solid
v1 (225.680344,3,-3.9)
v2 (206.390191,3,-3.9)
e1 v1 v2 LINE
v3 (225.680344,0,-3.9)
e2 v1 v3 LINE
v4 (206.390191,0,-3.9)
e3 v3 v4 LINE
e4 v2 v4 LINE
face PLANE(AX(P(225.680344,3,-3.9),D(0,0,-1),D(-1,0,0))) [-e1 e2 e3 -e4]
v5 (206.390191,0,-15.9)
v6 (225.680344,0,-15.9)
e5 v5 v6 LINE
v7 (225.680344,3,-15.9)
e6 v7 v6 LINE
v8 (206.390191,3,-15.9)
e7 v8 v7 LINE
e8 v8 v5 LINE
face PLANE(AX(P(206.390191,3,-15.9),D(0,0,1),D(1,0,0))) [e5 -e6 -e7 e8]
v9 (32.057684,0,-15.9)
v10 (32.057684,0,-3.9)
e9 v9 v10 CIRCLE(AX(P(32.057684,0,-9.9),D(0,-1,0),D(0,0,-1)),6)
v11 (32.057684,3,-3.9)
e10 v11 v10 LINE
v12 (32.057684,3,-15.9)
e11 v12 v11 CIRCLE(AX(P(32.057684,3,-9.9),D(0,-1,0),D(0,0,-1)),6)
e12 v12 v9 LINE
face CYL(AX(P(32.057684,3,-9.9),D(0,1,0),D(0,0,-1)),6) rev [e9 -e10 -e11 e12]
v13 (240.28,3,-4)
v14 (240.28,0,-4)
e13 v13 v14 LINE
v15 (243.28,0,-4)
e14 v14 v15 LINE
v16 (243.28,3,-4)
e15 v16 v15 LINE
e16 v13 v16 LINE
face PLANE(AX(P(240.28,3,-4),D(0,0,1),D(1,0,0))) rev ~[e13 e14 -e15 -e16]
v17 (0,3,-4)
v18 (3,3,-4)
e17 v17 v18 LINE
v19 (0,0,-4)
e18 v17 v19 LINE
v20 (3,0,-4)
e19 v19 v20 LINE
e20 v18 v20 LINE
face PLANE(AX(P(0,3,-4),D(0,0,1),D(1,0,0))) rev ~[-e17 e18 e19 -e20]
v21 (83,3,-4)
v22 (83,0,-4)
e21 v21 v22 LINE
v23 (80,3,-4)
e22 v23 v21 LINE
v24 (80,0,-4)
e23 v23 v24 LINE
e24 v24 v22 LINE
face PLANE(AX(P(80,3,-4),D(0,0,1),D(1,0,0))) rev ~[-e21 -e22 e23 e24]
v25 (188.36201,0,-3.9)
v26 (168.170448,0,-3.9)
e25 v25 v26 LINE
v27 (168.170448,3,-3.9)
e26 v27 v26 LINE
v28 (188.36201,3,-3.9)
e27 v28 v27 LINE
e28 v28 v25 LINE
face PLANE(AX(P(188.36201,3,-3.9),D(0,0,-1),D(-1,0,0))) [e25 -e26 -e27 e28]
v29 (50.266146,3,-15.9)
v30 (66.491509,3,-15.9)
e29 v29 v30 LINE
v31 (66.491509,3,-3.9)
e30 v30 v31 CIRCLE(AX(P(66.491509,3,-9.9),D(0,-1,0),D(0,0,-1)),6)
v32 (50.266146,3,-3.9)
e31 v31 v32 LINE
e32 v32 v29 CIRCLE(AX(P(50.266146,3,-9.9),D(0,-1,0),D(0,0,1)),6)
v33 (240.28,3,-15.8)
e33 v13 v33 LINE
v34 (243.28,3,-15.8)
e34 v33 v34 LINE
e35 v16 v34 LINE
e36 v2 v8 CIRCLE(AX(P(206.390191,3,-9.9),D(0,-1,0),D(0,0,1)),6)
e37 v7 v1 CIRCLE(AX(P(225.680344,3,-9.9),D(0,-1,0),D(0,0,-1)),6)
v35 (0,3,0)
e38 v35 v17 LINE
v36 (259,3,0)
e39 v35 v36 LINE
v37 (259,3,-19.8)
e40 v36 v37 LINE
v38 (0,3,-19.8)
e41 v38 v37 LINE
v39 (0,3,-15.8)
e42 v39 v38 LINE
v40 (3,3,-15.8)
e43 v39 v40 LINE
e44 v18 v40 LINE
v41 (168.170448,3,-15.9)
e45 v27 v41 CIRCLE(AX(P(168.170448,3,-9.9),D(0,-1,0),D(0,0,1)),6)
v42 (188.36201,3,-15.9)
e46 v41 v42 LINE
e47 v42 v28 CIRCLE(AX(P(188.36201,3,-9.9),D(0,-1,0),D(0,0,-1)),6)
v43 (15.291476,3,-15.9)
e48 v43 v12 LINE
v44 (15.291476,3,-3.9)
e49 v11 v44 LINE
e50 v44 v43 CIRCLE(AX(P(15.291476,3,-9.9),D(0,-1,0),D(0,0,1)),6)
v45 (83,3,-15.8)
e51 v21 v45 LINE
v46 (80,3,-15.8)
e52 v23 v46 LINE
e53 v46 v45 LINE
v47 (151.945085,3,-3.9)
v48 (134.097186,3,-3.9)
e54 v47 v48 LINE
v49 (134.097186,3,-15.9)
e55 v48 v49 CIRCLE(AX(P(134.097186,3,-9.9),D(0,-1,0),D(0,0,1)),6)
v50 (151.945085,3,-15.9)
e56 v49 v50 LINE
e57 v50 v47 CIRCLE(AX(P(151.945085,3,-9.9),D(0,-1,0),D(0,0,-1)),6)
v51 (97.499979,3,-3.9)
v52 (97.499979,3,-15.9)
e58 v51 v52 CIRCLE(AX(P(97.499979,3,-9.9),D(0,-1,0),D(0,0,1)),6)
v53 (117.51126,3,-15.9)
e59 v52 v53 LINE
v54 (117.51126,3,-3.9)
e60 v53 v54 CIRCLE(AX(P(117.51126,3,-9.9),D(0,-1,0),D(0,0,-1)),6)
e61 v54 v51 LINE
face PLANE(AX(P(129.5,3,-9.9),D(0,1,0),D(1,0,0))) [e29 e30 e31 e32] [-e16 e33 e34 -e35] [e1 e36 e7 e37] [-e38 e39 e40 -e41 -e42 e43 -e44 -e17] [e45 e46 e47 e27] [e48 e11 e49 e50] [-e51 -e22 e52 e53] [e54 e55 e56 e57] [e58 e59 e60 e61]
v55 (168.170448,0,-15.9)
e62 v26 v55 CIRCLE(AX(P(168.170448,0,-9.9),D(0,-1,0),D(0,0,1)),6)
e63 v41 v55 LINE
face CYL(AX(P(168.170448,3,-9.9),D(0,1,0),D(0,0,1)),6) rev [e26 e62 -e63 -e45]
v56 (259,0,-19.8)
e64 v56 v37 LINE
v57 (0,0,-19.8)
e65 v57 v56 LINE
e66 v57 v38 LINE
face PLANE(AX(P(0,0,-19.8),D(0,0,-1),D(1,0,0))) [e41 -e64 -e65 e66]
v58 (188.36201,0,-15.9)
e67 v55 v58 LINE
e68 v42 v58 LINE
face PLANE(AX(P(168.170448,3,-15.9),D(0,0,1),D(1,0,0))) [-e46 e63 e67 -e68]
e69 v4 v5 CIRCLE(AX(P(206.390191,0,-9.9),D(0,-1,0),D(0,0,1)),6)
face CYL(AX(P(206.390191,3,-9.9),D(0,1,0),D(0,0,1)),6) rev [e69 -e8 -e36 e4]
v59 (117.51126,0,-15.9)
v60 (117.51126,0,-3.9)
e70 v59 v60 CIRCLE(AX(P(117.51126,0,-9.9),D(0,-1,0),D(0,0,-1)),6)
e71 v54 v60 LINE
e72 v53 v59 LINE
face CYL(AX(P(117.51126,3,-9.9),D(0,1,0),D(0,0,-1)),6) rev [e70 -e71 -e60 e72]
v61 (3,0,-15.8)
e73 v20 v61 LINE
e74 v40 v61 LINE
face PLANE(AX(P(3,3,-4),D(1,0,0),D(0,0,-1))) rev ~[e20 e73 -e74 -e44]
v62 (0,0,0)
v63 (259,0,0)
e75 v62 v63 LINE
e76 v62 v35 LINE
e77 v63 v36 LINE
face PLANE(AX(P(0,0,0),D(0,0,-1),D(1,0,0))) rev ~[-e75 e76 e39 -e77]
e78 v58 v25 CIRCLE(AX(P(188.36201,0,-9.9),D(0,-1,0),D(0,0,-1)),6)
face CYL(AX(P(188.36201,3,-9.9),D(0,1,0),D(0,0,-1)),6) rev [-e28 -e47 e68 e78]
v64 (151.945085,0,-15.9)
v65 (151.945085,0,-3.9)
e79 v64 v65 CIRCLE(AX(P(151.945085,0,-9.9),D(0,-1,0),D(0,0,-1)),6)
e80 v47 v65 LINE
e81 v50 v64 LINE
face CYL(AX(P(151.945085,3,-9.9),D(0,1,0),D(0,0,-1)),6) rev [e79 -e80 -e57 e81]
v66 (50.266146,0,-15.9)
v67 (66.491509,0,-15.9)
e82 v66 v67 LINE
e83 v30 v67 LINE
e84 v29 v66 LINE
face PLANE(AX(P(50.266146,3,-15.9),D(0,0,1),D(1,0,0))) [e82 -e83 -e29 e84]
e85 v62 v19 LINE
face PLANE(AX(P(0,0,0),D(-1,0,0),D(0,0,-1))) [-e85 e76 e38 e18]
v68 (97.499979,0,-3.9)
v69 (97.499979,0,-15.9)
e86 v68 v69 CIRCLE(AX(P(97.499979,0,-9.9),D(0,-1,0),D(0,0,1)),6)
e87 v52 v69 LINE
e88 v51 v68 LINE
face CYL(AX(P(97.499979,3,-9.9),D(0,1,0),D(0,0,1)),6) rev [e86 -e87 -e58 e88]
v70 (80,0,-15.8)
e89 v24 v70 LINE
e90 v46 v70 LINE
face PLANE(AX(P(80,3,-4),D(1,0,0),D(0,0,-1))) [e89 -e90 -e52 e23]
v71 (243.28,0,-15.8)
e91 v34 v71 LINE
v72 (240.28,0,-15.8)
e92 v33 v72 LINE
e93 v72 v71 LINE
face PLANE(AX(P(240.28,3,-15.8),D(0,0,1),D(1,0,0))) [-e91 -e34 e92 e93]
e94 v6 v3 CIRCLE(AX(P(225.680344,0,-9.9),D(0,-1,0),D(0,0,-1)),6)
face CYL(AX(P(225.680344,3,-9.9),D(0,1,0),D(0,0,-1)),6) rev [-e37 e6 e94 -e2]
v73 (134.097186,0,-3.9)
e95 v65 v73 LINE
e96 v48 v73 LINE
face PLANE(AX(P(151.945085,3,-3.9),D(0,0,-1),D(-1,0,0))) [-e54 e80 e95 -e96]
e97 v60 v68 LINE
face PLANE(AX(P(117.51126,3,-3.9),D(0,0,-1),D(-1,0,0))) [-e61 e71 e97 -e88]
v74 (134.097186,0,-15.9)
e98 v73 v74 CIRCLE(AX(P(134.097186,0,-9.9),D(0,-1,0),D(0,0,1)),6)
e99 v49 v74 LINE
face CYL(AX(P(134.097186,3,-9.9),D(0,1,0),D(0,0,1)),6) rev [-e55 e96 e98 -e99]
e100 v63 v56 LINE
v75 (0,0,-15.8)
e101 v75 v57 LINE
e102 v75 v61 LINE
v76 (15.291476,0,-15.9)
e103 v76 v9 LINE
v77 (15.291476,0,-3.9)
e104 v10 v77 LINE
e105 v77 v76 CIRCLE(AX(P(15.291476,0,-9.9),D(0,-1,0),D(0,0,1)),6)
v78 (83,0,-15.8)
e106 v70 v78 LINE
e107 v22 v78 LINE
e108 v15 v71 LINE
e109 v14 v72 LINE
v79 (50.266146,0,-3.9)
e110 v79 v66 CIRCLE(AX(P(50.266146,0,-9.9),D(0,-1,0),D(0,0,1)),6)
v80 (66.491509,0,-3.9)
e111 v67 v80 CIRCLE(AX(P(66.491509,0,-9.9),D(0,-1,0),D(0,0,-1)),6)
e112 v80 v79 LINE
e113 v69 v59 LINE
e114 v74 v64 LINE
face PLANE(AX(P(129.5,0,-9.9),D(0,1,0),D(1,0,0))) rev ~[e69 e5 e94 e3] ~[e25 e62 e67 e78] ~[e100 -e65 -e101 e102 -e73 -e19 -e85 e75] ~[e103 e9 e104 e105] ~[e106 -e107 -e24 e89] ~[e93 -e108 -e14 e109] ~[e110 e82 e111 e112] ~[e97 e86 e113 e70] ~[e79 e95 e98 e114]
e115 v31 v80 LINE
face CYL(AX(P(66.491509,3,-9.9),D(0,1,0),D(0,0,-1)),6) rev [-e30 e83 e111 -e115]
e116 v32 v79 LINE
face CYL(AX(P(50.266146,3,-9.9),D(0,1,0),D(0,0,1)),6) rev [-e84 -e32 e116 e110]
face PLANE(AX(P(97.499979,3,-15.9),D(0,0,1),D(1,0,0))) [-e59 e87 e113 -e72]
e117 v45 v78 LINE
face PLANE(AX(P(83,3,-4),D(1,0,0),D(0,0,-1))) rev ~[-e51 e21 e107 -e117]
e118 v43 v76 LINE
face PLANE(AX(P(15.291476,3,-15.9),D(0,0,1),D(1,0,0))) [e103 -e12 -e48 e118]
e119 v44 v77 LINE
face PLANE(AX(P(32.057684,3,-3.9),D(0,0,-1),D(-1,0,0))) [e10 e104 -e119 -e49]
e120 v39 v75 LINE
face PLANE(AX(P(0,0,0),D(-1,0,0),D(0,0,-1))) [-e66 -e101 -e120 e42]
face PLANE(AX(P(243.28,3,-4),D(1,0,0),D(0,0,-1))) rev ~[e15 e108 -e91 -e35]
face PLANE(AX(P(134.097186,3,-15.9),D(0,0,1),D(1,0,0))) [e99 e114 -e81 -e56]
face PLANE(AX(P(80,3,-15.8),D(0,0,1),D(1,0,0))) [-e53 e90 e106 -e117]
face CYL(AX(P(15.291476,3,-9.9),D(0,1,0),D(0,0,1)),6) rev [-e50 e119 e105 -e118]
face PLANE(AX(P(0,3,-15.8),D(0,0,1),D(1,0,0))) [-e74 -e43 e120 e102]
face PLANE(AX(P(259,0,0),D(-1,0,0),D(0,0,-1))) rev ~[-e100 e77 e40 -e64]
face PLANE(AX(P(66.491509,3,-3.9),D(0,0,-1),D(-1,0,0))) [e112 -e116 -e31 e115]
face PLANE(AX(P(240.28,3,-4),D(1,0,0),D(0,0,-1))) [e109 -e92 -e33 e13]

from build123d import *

# Parameters (mm, degrees)
SKETCH1_W           = 259
SKETCH1_H           = 19.8
BOSS_EXTRUDE1_DEPTH = 3
SKETCH2_W           = 3
SKETCH2_H           = 11.8
CUT_EXTRUDE1_DEPTH  = 3
CUT_EXTRUDE2_DEPTH  = 3


with BuildPart() as part:
    # Sketch1 → Boss-Extrude1 (new body)
    with BuildSketch(Plane(origin=(0, 0, 0), x_dir=(1, 0, 0), z_dir=(0, 1, 0))):
        with Locations((129.5, 9.9)):
            Rectangle(SKETCH1_W, SKETCH1_H)
    extrude(amount=BOSS_EXTRUDE1_DEPTH)

    # Sketch2 → Cut-Extrude1 (cut)
    with BuildSketch(Plane(origin=(0, 3, 0), x_dir=(1, 0, 0), z_dir=(0, 1, 0))):
        with Locations((1.5, 9.9)):
            Rectangle(SKETCH2_W, SKETCH2_H)
        with Locations((81.5, 9.9)):
            Rectangle(SKETCH2_W, SKETCH2_H)
        with Locations((241.78, 9.9)):
            Rectangle(SKETCH2_W, SKETCH2_H)
    extrude(amount=-CUT_EXTRUDE1_DEPTH, mode=Mode.SUBTRACT)

    # Sketch3 → Cut-Extrude2 (cut)
    with BuildSketch(Plane(origin=(0, 3, 0), x_dir=(1, 0, 0), z_dir=(0, 1, 0))):
        with BuildLine():
            Line((15.291475512, 15.9), (32.057683526, 15.9))
            ThreePointArc((32.057683526, 15.9), (38.057683526, 9.9), (32.057683526, 3.9))
            Line((32.057683526, 3.9), (15.291475512, 3.9))
            ThreePointArc((15.291475512, 3.9), (9.291475512, 9.9), (15.291475512, 15.9))
        make_face()
        with BuildLine():
            Line((97.499979326, 15.9), (117.51125986, 15.9))
            ThreePointArc((117.51125986, 15.9), (123.51125986, 9.9), (117.51125986, 3.9))
            Line((117.51125986, 3.9), (97.499979326, 3.9))
            ThreePointArc((97.499979326, 3.9), (91.499979326, 9.9), (97.499979326, 15.9))
        make_face()
        with BuildLine():
            Line((134.097186069, 15.9), (151.945084923, 15.9))
            ThreePointArc((151.945084923, 15.9), (157.945084923, 9.9), (151.945084923, 3.9))
            Line((151.945084923, 3.9), (134.097186069, 3.9))
            ThreePointArc((134.097186069, 3.9), (128.097186069, 9.9), (134.097186069, 15.9))
        make_face()
        with BuildLine():
            Line((50.266145994, 15.9), (66.491508589, 15.9))
            ThreePointArc((66.491508589, 15.9), (72.491508589, 9.9), (66.491508589, 3.9))
            Line((66.491508589, 3.9), (50.266145994, 3.9))
            ThreePointArc((50.266145994, 3.9), (44.266145994, 9.9), (50.266145994, 15.9))
        make_face()
        with BuildLine():
            Line((168.170447518, 15.9), (188.362009859, 15.9))
            ThreePointArc((188.362009859, 15.9), (194.362009859, 9.9), (188.362009859, 3.9))
            Line((188.362009859, 3.9), (168.170447518, 3.9))
            ThreePointArc((168.170447518, 3.9), (162.170447518, 9.9), (168.170447518, 15.9))
        make_face()
        with BuildLine():
            Line((206.39019052, 15.9), (225.680343827, 15.9))
            ThreePointArc((225.680343827, 15.9), (231.680343827, 9.9), (225.680343827, 3.9))
            Line((225.680343827, 3.9), (206.39019052, 3.9))
            ThreePointArc((206.39019052, 3.9), (200.39019052, 9.9), (206.39019052, 15.9))
        make_face()
    extrude(amount=-CUT_EXTRUDE2_DEPTH, mode=Mode.SUBTRACT)


solid = part.part
